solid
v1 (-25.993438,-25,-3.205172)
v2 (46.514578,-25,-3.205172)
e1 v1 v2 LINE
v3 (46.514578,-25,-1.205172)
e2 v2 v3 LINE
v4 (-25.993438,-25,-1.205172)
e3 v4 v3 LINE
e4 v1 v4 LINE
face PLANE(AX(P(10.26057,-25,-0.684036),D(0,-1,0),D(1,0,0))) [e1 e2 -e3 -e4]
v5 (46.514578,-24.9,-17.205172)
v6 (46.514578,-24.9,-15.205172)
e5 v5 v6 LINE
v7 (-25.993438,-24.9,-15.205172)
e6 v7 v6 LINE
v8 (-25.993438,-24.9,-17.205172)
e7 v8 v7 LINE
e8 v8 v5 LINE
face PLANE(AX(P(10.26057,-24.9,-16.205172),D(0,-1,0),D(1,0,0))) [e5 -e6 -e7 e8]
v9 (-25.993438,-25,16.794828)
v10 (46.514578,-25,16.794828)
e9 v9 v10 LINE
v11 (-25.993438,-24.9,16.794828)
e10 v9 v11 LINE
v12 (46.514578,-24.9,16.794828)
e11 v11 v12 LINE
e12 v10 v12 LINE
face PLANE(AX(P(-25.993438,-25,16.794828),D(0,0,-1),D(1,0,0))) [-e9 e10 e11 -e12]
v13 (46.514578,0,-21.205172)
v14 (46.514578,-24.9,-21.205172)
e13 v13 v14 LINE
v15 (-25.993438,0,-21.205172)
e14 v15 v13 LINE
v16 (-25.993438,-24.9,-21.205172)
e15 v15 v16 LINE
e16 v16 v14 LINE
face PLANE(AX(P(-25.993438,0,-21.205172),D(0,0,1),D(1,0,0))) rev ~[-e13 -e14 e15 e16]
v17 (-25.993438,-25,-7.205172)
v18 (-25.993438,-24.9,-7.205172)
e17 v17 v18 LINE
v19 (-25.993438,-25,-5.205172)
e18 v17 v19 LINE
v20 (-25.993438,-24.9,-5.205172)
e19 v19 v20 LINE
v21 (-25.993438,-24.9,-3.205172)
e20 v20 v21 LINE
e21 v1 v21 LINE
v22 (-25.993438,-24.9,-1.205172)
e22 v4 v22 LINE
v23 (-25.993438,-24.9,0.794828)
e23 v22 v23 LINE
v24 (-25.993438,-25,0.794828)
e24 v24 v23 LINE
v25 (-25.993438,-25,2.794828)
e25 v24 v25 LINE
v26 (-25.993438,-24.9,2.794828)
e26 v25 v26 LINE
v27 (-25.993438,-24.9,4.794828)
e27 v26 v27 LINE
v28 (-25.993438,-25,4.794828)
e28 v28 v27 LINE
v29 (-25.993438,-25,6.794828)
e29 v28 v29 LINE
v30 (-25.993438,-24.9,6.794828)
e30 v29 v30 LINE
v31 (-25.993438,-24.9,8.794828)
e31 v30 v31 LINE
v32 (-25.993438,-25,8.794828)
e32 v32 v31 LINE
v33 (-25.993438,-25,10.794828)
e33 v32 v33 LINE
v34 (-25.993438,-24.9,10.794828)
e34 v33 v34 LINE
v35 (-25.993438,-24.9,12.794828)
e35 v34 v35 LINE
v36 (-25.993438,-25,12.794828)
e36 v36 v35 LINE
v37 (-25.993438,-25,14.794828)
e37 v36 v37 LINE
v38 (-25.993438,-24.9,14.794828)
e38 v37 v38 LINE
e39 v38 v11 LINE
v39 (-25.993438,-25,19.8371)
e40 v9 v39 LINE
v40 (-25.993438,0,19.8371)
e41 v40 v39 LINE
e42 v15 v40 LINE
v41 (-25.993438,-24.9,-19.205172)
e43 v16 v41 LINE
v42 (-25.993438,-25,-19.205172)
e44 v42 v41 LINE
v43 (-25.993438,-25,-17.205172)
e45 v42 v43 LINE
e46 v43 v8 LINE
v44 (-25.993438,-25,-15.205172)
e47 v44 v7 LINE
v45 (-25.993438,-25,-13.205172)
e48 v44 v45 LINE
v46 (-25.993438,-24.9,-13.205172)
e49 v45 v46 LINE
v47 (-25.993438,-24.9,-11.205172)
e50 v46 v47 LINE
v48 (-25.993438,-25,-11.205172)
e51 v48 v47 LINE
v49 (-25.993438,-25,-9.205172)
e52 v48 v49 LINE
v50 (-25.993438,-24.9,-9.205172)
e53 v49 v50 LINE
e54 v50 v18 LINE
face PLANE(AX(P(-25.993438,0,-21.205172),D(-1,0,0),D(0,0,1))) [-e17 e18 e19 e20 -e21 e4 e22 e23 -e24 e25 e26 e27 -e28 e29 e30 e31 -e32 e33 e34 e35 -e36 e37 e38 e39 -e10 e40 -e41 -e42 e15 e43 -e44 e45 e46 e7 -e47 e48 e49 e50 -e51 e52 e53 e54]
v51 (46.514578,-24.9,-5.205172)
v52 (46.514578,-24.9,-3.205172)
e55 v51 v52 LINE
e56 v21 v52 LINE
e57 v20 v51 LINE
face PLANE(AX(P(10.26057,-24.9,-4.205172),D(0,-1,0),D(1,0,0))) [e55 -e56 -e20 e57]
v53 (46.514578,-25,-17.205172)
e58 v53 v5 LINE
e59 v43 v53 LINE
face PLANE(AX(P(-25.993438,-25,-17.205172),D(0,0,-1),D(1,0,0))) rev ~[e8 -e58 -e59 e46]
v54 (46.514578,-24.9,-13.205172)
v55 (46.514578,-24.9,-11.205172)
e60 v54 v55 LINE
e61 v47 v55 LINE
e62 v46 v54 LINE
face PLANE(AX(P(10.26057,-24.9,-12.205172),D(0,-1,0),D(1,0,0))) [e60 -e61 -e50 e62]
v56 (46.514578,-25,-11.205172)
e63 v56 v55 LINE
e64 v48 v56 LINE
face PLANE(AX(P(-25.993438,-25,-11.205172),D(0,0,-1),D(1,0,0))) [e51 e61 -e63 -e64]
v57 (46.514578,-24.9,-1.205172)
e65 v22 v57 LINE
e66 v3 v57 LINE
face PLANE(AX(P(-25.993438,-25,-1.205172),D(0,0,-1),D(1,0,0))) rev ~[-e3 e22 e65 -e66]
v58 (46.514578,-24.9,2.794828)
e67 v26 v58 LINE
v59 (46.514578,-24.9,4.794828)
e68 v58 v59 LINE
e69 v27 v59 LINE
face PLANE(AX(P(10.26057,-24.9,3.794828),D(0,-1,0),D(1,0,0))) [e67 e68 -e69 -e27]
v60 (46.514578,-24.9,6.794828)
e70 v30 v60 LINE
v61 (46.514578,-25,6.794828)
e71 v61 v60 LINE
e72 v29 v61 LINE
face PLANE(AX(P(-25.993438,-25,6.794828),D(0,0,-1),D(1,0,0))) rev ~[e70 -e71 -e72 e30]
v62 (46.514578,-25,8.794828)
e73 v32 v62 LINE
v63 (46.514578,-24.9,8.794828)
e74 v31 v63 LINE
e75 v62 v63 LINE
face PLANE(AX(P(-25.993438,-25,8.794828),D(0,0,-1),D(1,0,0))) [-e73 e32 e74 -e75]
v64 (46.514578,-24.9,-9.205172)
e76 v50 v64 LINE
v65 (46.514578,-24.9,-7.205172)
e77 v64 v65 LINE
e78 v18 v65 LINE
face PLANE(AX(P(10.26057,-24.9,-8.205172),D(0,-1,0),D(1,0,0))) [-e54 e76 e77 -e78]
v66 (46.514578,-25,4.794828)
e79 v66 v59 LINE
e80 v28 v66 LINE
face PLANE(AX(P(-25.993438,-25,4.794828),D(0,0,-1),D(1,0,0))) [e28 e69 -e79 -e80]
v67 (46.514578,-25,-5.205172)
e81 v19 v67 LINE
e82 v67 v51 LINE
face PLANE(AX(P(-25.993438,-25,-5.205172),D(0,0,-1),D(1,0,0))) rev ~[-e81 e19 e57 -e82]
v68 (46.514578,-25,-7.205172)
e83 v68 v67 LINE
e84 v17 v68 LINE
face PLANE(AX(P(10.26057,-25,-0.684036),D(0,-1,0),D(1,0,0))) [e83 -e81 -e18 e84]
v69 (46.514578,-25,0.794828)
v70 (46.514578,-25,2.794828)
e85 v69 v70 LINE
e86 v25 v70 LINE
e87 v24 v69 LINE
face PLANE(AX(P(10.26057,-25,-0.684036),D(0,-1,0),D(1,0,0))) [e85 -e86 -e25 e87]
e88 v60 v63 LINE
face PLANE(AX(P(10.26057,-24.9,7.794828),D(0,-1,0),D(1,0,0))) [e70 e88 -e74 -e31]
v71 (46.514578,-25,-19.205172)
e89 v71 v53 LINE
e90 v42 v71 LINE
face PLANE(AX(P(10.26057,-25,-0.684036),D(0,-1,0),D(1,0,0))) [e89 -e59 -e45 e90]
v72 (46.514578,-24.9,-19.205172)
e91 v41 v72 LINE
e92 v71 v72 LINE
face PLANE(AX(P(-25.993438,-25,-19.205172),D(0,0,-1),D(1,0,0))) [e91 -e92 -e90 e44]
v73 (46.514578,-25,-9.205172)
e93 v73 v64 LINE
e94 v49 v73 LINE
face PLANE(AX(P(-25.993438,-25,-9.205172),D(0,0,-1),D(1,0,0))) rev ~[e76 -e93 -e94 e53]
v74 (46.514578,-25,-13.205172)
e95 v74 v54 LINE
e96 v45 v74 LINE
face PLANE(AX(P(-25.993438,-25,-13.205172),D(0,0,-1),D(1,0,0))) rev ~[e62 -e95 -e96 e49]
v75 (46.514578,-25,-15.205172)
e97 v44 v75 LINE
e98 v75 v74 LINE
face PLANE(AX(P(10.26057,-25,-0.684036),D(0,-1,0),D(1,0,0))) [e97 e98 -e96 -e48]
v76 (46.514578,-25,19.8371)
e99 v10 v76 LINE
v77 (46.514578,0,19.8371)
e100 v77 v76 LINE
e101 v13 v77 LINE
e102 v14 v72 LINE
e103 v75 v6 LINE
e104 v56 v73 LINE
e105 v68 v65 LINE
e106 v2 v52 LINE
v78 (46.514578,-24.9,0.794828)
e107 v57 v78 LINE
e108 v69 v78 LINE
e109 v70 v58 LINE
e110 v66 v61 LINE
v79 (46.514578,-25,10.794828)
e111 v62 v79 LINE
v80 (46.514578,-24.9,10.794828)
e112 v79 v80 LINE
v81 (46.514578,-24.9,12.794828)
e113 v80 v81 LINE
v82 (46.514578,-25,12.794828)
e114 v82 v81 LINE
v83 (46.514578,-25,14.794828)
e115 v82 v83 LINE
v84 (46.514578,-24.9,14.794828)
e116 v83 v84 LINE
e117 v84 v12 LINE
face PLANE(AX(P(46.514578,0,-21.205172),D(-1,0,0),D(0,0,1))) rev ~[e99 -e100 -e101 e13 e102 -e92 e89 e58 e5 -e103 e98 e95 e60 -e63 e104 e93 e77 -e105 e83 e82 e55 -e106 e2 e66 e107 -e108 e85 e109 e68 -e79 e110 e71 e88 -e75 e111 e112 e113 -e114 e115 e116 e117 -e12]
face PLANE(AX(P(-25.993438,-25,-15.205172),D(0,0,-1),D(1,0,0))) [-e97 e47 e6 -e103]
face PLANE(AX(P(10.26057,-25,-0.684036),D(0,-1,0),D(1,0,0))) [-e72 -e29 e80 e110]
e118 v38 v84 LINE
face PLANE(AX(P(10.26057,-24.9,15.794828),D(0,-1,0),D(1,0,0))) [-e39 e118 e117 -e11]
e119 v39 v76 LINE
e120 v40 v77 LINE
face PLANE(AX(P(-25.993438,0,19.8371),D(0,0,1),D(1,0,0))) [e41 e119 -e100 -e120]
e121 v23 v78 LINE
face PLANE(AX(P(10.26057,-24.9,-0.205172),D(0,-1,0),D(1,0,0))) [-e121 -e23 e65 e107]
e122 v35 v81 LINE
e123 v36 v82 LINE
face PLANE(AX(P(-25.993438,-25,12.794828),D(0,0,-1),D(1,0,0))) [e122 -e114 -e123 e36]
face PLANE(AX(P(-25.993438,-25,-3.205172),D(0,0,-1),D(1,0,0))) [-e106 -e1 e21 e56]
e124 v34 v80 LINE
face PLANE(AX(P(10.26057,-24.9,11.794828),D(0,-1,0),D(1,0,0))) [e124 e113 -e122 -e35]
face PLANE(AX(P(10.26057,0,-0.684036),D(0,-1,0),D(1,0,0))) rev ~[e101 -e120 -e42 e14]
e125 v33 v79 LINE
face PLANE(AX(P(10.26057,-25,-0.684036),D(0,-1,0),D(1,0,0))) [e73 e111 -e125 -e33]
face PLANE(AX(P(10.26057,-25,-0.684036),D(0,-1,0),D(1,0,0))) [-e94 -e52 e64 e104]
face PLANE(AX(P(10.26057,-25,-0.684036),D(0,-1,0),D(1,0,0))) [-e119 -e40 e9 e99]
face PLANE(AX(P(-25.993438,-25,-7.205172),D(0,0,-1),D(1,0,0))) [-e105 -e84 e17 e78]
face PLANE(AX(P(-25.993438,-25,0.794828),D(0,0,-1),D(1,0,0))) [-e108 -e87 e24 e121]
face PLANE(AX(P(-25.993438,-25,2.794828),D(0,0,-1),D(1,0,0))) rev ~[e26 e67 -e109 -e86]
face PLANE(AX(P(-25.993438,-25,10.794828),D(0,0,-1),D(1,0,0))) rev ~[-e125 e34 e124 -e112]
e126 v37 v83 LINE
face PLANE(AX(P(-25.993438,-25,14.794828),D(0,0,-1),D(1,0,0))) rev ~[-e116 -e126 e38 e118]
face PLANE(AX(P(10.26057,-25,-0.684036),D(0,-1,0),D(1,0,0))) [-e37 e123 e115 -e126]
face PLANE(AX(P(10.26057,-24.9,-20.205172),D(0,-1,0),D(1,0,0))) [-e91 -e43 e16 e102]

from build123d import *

# Parameters (mm, degrees)
F0_W     = 72.508016
F0_H     = 41.042272
F1_DEPTH = 25
F2_W     = 72.508016
F2_H     = 2
F3_DEPTH = 0.1


with BuildPart() as f1:
    # F0 (on Front) → F1 (new body)
    with BuildSketch(Plane.XZ):
        with Locations((10.26057, -0.684036)):
            Rectangle(F0_W, F0_H)
    extrude(amount=F1_DEPTH)

    # F2 (on face) → F3 (cut)
    with BuildSketch(Plane.XZ.offset(25)):
        with Locations((10.26057, -20.205172)):
            Rectangle(F2_W, F2_H)
        with Locations((10.26057, -16.205172)):
            Rectangle(F2_W, F2_H)
        with Locations((10.26057, -12.205172)):
            Rectangle(F2_W, F2_H)
        with Locations((10.26057, -8.205172)):
            Rectangle(F2_W, F2_H)
        with Locations((10.26057, -4.205172)):
            Rectangle(F2_W, F2_H)
        with Locations((10.26057, -0.205172)):
            Rectangle(F2_W, F2_H)
        with Locations((10.26057, 3.794828)):
            Rectangle(F2_W, F2_H)
        with Locations((10.26057, 7.794828)):
            Rectangle(F2_W, F2_H)
        with Locations((10.26057, 11.794828)):
            Rectangle(F2_W, F2_H)
        with Locations((10.26057, 15.794828)):
            Rectangle(F2_W, F2_H)
    extrude(amount=-F3_DEPTH, mode=Mode.SUBTRACT)


solid = f1.part
